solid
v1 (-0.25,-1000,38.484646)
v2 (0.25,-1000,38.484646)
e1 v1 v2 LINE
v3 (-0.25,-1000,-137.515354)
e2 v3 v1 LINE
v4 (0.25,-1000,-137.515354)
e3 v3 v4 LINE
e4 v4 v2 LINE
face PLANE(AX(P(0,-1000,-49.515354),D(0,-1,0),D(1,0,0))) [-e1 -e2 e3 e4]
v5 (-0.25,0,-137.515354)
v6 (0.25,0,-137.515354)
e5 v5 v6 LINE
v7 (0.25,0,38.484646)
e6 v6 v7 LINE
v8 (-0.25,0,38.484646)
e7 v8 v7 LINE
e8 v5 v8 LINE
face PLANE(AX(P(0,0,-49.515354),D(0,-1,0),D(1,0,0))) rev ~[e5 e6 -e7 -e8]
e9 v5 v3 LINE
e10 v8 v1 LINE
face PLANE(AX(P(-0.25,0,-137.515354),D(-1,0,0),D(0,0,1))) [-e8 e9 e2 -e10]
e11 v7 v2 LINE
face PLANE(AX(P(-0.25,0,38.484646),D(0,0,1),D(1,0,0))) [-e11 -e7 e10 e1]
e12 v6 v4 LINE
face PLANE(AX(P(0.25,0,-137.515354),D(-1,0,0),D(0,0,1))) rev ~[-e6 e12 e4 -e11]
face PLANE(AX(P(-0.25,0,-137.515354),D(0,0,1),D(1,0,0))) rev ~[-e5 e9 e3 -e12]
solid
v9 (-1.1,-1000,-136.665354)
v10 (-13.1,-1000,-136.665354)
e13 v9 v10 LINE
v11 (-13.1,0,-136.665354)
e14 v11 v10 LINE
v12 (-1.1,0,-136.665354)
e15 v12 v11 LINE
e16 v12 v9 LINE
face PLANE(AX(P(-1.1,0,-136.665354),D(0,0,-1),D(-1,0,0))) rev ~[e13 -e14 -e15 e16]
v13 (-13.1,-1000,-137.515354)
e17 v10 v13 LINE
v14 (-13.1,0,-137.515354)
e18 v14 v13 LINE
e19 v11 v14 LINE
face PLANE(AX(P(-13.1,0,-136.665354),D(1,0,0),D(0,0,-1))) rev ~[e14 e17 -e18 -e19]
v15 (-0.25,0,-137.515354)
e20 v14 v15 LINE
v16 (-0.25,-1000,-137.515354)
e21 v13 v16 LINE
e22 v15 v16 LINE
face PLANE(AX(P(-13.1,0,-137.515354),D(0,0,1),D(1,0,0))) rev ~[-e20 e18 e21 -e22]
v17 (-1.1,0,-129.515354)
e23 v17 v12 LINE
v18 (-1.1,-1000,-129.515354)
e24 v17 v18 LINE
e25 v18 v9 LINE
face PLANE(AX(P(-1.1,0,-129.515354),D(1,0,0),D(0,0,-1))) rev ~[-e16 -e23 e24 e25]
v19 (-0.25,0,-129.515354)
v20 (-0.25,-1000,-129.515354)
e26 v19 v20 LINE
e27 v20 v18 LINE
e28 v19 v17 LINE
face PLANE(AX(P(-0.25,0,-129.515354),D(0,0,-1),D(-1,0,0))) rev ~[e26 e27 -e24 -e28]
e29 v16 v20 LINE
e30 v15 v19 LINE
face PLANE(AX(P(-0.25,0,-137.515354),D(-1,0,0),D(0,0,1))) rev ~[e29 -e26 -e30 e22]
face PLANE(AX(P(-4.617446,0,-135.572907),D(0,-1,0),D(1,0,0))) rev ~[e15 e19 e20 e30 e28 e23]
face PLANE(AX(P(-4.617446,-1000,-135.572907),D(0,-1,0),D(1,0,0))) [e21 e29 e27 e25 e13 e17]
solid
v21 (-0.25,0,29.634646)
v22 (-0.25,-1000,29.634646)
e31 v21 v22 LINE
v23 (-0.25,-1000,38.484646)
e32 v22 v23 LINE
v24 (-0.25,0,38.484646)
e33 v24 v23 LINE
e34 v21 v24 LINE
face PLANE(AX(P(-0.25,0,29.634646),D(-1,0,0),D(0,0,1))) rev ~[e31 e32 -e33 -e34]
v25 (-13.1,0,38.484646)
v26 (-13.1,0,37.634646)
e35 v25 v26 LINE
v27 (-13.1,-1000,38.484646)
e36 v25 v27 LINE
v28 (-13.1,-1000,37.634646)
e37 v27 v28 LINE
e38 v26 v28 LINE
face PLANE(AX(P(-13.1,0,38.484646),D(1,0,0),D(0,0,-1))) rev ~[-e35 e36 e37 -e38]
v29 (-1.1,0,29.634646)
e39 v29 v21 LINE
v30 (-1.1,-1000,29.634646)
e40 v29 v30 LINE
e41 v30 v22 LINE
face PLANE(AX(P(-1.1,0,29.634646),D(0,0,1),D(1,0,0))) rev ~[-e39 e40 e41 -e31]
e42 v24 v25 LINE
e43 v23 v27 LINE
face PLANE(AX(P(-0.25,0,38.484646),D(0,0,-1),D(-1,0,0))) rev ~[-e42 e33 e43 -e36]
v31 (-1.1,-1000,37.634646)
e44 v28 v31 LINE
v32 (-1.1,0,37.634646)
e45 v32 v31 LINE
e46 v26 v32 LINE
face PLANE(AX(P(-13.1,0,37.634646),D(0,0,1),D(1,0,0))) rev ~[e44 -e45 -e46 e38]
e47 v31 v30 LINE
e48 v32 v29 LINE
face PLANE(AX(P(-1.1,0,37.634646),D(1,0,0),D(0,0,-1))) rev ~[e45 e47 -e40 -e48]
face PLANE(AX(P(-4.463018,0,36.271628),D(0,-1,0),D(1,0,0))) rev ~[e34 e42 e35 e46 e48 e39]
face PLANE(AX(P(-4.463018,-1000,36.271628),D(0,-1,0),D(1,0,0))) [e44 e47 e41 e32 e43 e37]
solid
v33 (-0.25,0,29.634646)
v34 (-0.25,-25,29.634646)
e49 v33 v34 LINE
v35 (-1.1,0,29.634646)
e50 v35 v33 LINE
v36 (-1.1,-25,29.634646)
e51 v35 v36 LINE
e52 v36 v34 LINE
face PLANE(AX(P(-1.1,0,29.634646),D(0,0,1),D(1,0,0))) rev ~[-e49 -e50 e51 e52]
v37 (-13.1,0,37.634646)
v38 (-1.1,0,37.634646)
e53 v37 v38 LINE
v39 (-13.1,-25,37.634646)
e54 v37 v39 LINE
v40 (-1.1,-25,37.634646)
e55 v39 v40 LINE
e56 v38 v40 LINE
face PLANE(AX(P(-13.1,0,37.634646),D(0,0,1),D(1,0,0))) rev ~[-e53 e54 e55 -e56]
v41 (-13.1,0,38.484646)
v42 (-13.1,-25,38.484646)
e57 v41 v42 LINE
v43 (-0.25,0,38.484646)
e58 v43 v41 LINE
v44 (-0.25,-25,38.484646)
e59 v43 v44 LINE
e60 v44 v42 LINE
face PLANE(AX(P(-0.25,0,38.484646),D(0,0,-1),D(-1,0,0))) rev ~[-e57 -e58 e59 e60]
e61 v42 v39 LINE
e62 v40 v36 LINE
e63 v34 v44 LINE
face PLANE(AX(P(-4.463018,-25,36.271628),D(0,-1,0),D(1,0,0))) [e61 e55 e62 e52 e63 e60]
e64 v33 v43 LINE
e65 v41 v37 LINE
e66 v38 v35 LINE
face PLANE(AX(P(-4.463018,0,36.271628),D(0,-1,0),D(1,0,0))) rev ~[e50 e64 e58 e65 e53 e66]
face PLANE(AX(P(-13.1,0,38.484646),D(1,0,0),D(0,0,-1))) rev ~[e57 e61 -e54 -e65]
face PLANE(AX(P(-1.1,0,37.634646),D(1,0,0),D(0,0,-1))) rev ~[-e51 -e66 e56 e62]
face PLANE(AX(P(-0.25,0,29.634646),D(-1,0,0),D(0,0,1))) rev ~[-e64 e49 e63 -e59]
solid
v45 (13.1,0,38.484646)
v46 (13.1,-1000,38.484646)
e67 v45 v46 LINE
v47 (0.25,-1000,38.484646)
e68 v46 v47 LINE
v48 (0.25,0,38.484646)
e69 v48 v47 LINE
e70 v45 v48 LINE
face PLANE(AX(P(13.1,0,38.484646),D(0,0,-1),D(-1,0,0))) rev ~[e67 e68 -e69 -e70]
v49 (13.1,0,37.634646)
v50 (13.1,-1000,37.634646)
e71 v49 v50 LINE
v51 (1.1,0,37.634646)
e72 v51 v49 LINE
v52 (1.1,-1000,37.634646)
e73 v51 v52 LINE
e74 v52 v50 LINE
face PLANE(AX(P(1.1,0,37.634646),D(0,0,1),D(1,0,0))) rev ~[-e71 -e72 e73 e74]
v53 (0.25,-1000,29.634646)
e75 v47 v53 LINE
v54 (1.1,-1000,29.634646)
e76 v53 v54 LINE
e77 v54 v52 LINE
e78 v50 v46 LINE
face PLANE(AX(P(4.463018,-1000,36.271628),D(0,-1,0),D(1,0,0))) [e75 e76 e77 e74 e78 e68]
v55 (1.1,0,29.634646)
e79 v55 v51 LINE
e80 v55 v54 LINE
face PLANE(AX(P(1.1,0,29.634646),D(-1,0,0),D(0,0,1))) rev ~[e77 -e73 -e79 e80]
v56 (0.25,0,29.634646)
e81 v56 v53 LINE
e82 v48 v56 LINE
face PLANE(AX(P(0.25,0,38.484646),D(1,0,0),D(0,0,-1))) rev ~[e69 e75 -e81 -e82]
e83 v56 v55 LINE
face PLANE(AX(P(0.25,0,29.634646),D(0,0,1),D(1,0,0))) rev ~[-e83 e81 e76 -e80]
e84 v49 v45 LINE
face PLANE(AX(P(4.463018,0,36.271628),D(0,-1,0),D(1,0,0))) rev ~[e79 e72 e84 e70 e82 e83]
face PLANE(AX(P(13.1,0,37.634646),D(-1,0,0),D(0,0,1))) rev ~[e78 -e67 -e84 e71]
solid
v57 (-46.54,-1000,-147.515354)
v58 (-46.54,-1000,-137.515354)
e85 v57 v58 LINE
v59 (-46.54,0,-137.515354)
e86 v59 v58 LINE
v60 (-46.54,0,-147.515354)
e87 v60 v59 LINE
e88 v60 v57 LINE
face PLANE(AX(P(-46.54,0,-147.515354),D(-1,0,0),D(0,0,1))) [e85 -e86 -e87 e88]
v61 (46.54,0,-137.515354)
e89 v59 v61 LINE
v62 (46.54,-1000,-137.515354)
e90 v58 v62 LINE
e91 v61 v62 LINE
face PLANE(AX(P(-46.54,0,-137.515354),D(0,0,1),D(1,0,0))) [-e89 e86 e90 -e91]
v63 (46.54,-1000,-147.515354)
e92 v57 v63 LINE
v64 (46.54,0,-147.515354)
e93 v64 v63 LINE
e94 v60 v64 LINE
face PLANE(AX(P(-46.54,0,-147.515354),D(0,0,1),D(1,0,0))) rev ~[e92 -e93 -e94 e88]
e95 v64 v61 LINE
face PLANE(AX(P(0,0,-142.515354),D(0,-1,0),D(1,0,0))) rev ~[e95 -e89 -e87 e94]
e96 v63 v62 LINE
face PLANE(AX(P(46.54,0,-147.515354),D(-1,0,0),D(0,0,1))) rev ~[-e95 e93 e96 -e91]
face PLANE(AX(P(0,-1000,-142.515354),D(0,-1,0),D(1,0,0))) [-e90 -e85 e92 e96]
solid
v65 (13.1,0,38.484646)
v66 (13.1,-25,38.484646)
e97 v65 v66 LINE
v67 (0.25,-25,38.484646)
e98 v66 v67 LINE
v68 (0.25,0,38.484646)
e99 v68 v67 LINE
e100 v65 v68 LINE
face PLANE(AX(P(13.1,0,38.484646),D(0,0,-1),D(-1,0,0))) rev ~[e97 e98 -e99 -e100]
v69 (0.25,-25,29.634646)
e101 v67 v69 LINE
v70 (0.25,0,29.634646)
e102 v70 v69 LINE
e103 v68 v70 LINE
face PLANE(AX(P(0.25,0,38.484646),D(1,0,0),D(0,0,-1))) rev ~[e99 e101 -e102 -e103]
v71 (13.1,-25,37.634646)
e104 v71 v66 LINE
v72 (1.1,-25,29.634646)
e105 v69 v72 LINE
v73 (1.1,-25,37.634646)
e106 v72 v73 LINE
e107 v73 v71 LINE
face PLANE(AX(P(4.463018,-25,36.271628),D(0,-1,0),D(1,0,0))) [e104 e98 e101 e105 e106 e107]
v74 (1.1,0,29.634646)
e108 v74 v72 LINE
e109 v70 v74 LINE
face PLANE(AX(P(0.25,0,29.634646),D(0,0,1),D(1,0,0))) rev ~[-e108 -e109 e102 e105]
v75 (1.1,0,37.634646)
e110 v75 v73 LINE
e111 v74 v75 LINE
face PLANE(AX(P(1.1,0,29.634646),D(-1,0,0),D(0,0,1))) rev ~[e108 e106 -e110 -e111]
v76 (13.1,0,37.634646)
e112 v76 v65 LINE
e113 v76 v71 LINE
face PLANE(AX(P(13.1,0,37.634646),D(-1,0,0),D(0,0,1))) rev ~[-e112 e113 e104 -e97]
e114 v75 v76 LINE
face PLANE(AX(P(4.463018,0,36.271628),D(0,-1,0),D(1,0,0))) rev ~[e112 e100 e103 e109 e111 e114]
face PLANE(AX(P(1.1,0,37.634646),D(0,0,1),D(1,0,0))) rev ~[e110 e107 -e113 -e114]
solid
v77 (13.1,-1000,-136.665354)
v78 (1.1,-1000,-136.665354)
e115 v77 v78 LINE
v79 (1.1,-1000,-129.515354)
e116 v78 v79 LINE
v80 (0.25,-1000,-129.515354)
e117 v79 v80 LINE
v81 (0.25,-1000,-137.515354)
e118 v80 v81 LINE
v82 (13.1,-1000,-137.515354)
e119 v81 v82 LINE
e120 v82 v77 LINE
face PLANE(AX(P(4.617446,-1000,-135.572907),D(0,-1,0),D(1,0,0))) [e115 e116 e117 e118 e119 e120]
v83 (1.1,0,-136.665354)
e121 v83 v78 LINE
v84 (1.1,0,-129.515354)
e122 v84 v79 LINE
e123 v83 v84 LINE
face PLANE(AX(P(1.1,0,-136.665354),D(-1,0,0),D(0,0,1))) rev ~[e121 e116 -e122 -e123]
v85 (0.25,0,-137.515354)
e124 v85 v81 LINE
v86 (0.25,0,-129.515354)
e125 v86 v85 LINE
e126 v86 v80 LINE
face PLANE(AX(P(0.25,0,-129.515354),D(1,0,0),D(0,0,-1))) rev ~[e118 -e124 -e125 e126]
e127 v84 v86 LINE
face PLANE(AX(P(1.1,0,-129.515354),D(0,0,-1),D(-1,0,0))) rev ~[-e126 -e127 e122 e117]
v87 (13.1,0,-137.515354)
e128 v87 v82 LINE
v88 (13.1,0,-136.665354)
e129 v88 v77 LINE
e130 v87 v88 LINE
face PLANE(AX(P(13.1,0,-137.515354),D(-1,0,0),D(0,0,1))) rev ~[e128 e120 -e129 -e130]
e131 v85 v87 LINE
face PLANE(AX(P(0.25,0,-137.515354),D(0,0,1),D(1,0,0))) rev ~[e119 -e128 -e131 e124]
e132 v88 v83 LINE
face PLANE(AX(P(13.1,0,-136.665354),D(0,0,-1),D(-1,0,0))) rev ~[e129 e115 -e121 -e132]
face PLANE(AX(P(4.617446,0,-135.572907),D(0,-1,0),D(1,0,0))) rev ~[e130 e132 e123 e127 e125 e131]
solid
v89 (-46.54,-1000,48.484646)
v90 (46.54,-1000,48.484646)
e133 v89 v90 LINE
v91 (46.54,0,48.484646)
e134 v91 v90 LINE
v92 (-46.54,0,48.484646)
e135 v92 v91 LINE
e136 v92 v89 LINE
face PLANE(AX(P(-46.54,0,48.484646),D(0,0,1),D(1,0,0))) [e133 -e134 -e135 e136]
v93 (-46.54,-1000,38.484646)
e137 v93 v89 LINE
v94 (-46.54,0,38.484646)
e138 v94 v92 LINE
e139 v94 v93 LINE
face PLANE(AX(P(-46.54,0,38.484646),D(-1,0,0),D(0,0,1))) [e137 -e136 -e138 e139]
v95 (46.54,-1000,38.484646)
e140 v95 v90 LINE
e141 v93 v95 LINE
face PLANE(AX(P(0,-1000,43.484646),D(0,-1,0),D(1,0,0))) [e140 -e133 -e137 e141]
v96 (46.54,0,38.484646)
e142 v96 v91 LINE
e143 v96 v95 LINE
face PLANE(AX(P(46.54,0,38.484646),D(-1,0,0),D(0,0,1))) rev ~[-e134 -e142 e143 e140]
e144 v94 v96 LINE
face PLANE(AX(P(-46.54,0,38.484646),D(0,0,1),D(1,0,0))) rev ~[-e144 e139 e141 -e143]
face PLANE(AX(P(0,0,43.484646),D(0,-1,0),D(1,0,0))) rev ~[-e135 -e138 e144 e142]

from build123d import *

# Parameters (mm, degrees)
F1_W      = 0.5
F1_H      = 176
F3_DEPTH  = 1000
F2_W      = 93.08
F2_H      = 10
F0_W      = 93.08
F0_H      = 10
F5_DEPTH  = 1000
F7_DEPTH  = 1000
F8_DEPTH  = 25
F10_DEPTH = 1000


with BuildPart() as f3:
    # F1 (on Front) → F3 (new body)
    with BuildSketch(Plane.XZ):
        with Locations((0, -49.5153535176)):
            Rectangle(F1_W, F1_H)
    extrude(amount=F3_DEPTH)


with BuildPart() as f3b:
    # F2 (on Front) → F3, piece 2 (new body)
    with BuildSketch(Plane.XZ):
        with Locations((0, -142.5153535176)):
            Rectangle(F2_W, F2_H)
    extrude(amount=F3_DEPTH)


with BuildPart() as f3c:
    # F0 (on Front) → F3, piece 3 (new body)
    with BuildSketch(Plane.XZ):
        with Locations((0, 43.4846464824)):
            Rectangle(F0_W, F0_H)
    extrude(amount=F3_DEPTH)


with BuildPart() as f5:
    # F4 (on Front) → F5 (new body)
    with BuildSketch(Plane.XZ):
        Polygon((-13.1, -136.6653535176), (-13.1, -137.5153535176), (-0.25, -137.5153535176), (-0.25, -129.5153535176), (-1.1, -129.5153535176), (-1.1, -136.6653535176), align=None)
    extrude(amount=F5_DEPTH)


with BuildPart() as f7:
    # F6 (on Front) → F7 (new body)
    with BuildSketch(Plane.XZ):
        Polygon((-0.25, 38.4846464824), (-13.1, 38.4846464824), (-13.1, 37.6346464824), (-1.1, 37.6346464824), (-1.1, 29.6346464824), (-0.25, 29.6346464824), align=None)
    extrude(amount=F7_DEPTH)


with BuildPart() as f7b:
    # F6 (on Front) → F7, piece 2 (new body)
    with BuildSketch(Plane.XZ):
        Polygon((0.25, 38.4846464824), (0.25, 29.6346464824), (1.1, 29.6346464824), (1.1, 37.6346464824), (13.1, 37.6346464824), (13.1, 38.4846464824), align=None)
    extrude(amount=F7_DEPTH)


with BuildPart() as f8:
    # F6 (on Front) → F8 (new body)
    with BuildSketch(Plane.XZ):
        Polygon((-0.25, 38.4846464824), (-13.1, 38.4846464824), (-13.1, 37.6346464824), (-1.1, 37.6346464824), (-1.1, 29.6346464824), (-0.25, 29.6346464824), align=None)
    extrude(amount=F8_DEPTH)


with BuildPart() as f8b:
    # F6 (on Front) → F8, piece 2 (new body)
    with BuildSketch(Plane.XZ):
        Polygon((0.25, 38.4846464824), (0.25, 29.6346464824), (1.1, 29.6346464824), (1.1, 37.6346464824), (13.1, 37.6346464824), (13.1, 38.4846464824), align=None)
    extrude(amount=F8_DEPTH)


with BuildPart() as f10:
    # F9 (on Front) → F10 (new body)
    with BuildSketch(Plane.XZ):
        Polygon((1.1, -129.5153535176), (0.25, -129.5153535176), (0.25, -137.5153535176), (13.1, -137.5153535176), (13.1, -136.6653535176), (1.1, -136.6653535176), align=None)
    extrude(amount=F10_DEPTH)


solid = Compound([f3.part, f3b.part, f3c.part, f5.part, f7.part, f7b.part, f8.part, f8b.part, f10.part])
